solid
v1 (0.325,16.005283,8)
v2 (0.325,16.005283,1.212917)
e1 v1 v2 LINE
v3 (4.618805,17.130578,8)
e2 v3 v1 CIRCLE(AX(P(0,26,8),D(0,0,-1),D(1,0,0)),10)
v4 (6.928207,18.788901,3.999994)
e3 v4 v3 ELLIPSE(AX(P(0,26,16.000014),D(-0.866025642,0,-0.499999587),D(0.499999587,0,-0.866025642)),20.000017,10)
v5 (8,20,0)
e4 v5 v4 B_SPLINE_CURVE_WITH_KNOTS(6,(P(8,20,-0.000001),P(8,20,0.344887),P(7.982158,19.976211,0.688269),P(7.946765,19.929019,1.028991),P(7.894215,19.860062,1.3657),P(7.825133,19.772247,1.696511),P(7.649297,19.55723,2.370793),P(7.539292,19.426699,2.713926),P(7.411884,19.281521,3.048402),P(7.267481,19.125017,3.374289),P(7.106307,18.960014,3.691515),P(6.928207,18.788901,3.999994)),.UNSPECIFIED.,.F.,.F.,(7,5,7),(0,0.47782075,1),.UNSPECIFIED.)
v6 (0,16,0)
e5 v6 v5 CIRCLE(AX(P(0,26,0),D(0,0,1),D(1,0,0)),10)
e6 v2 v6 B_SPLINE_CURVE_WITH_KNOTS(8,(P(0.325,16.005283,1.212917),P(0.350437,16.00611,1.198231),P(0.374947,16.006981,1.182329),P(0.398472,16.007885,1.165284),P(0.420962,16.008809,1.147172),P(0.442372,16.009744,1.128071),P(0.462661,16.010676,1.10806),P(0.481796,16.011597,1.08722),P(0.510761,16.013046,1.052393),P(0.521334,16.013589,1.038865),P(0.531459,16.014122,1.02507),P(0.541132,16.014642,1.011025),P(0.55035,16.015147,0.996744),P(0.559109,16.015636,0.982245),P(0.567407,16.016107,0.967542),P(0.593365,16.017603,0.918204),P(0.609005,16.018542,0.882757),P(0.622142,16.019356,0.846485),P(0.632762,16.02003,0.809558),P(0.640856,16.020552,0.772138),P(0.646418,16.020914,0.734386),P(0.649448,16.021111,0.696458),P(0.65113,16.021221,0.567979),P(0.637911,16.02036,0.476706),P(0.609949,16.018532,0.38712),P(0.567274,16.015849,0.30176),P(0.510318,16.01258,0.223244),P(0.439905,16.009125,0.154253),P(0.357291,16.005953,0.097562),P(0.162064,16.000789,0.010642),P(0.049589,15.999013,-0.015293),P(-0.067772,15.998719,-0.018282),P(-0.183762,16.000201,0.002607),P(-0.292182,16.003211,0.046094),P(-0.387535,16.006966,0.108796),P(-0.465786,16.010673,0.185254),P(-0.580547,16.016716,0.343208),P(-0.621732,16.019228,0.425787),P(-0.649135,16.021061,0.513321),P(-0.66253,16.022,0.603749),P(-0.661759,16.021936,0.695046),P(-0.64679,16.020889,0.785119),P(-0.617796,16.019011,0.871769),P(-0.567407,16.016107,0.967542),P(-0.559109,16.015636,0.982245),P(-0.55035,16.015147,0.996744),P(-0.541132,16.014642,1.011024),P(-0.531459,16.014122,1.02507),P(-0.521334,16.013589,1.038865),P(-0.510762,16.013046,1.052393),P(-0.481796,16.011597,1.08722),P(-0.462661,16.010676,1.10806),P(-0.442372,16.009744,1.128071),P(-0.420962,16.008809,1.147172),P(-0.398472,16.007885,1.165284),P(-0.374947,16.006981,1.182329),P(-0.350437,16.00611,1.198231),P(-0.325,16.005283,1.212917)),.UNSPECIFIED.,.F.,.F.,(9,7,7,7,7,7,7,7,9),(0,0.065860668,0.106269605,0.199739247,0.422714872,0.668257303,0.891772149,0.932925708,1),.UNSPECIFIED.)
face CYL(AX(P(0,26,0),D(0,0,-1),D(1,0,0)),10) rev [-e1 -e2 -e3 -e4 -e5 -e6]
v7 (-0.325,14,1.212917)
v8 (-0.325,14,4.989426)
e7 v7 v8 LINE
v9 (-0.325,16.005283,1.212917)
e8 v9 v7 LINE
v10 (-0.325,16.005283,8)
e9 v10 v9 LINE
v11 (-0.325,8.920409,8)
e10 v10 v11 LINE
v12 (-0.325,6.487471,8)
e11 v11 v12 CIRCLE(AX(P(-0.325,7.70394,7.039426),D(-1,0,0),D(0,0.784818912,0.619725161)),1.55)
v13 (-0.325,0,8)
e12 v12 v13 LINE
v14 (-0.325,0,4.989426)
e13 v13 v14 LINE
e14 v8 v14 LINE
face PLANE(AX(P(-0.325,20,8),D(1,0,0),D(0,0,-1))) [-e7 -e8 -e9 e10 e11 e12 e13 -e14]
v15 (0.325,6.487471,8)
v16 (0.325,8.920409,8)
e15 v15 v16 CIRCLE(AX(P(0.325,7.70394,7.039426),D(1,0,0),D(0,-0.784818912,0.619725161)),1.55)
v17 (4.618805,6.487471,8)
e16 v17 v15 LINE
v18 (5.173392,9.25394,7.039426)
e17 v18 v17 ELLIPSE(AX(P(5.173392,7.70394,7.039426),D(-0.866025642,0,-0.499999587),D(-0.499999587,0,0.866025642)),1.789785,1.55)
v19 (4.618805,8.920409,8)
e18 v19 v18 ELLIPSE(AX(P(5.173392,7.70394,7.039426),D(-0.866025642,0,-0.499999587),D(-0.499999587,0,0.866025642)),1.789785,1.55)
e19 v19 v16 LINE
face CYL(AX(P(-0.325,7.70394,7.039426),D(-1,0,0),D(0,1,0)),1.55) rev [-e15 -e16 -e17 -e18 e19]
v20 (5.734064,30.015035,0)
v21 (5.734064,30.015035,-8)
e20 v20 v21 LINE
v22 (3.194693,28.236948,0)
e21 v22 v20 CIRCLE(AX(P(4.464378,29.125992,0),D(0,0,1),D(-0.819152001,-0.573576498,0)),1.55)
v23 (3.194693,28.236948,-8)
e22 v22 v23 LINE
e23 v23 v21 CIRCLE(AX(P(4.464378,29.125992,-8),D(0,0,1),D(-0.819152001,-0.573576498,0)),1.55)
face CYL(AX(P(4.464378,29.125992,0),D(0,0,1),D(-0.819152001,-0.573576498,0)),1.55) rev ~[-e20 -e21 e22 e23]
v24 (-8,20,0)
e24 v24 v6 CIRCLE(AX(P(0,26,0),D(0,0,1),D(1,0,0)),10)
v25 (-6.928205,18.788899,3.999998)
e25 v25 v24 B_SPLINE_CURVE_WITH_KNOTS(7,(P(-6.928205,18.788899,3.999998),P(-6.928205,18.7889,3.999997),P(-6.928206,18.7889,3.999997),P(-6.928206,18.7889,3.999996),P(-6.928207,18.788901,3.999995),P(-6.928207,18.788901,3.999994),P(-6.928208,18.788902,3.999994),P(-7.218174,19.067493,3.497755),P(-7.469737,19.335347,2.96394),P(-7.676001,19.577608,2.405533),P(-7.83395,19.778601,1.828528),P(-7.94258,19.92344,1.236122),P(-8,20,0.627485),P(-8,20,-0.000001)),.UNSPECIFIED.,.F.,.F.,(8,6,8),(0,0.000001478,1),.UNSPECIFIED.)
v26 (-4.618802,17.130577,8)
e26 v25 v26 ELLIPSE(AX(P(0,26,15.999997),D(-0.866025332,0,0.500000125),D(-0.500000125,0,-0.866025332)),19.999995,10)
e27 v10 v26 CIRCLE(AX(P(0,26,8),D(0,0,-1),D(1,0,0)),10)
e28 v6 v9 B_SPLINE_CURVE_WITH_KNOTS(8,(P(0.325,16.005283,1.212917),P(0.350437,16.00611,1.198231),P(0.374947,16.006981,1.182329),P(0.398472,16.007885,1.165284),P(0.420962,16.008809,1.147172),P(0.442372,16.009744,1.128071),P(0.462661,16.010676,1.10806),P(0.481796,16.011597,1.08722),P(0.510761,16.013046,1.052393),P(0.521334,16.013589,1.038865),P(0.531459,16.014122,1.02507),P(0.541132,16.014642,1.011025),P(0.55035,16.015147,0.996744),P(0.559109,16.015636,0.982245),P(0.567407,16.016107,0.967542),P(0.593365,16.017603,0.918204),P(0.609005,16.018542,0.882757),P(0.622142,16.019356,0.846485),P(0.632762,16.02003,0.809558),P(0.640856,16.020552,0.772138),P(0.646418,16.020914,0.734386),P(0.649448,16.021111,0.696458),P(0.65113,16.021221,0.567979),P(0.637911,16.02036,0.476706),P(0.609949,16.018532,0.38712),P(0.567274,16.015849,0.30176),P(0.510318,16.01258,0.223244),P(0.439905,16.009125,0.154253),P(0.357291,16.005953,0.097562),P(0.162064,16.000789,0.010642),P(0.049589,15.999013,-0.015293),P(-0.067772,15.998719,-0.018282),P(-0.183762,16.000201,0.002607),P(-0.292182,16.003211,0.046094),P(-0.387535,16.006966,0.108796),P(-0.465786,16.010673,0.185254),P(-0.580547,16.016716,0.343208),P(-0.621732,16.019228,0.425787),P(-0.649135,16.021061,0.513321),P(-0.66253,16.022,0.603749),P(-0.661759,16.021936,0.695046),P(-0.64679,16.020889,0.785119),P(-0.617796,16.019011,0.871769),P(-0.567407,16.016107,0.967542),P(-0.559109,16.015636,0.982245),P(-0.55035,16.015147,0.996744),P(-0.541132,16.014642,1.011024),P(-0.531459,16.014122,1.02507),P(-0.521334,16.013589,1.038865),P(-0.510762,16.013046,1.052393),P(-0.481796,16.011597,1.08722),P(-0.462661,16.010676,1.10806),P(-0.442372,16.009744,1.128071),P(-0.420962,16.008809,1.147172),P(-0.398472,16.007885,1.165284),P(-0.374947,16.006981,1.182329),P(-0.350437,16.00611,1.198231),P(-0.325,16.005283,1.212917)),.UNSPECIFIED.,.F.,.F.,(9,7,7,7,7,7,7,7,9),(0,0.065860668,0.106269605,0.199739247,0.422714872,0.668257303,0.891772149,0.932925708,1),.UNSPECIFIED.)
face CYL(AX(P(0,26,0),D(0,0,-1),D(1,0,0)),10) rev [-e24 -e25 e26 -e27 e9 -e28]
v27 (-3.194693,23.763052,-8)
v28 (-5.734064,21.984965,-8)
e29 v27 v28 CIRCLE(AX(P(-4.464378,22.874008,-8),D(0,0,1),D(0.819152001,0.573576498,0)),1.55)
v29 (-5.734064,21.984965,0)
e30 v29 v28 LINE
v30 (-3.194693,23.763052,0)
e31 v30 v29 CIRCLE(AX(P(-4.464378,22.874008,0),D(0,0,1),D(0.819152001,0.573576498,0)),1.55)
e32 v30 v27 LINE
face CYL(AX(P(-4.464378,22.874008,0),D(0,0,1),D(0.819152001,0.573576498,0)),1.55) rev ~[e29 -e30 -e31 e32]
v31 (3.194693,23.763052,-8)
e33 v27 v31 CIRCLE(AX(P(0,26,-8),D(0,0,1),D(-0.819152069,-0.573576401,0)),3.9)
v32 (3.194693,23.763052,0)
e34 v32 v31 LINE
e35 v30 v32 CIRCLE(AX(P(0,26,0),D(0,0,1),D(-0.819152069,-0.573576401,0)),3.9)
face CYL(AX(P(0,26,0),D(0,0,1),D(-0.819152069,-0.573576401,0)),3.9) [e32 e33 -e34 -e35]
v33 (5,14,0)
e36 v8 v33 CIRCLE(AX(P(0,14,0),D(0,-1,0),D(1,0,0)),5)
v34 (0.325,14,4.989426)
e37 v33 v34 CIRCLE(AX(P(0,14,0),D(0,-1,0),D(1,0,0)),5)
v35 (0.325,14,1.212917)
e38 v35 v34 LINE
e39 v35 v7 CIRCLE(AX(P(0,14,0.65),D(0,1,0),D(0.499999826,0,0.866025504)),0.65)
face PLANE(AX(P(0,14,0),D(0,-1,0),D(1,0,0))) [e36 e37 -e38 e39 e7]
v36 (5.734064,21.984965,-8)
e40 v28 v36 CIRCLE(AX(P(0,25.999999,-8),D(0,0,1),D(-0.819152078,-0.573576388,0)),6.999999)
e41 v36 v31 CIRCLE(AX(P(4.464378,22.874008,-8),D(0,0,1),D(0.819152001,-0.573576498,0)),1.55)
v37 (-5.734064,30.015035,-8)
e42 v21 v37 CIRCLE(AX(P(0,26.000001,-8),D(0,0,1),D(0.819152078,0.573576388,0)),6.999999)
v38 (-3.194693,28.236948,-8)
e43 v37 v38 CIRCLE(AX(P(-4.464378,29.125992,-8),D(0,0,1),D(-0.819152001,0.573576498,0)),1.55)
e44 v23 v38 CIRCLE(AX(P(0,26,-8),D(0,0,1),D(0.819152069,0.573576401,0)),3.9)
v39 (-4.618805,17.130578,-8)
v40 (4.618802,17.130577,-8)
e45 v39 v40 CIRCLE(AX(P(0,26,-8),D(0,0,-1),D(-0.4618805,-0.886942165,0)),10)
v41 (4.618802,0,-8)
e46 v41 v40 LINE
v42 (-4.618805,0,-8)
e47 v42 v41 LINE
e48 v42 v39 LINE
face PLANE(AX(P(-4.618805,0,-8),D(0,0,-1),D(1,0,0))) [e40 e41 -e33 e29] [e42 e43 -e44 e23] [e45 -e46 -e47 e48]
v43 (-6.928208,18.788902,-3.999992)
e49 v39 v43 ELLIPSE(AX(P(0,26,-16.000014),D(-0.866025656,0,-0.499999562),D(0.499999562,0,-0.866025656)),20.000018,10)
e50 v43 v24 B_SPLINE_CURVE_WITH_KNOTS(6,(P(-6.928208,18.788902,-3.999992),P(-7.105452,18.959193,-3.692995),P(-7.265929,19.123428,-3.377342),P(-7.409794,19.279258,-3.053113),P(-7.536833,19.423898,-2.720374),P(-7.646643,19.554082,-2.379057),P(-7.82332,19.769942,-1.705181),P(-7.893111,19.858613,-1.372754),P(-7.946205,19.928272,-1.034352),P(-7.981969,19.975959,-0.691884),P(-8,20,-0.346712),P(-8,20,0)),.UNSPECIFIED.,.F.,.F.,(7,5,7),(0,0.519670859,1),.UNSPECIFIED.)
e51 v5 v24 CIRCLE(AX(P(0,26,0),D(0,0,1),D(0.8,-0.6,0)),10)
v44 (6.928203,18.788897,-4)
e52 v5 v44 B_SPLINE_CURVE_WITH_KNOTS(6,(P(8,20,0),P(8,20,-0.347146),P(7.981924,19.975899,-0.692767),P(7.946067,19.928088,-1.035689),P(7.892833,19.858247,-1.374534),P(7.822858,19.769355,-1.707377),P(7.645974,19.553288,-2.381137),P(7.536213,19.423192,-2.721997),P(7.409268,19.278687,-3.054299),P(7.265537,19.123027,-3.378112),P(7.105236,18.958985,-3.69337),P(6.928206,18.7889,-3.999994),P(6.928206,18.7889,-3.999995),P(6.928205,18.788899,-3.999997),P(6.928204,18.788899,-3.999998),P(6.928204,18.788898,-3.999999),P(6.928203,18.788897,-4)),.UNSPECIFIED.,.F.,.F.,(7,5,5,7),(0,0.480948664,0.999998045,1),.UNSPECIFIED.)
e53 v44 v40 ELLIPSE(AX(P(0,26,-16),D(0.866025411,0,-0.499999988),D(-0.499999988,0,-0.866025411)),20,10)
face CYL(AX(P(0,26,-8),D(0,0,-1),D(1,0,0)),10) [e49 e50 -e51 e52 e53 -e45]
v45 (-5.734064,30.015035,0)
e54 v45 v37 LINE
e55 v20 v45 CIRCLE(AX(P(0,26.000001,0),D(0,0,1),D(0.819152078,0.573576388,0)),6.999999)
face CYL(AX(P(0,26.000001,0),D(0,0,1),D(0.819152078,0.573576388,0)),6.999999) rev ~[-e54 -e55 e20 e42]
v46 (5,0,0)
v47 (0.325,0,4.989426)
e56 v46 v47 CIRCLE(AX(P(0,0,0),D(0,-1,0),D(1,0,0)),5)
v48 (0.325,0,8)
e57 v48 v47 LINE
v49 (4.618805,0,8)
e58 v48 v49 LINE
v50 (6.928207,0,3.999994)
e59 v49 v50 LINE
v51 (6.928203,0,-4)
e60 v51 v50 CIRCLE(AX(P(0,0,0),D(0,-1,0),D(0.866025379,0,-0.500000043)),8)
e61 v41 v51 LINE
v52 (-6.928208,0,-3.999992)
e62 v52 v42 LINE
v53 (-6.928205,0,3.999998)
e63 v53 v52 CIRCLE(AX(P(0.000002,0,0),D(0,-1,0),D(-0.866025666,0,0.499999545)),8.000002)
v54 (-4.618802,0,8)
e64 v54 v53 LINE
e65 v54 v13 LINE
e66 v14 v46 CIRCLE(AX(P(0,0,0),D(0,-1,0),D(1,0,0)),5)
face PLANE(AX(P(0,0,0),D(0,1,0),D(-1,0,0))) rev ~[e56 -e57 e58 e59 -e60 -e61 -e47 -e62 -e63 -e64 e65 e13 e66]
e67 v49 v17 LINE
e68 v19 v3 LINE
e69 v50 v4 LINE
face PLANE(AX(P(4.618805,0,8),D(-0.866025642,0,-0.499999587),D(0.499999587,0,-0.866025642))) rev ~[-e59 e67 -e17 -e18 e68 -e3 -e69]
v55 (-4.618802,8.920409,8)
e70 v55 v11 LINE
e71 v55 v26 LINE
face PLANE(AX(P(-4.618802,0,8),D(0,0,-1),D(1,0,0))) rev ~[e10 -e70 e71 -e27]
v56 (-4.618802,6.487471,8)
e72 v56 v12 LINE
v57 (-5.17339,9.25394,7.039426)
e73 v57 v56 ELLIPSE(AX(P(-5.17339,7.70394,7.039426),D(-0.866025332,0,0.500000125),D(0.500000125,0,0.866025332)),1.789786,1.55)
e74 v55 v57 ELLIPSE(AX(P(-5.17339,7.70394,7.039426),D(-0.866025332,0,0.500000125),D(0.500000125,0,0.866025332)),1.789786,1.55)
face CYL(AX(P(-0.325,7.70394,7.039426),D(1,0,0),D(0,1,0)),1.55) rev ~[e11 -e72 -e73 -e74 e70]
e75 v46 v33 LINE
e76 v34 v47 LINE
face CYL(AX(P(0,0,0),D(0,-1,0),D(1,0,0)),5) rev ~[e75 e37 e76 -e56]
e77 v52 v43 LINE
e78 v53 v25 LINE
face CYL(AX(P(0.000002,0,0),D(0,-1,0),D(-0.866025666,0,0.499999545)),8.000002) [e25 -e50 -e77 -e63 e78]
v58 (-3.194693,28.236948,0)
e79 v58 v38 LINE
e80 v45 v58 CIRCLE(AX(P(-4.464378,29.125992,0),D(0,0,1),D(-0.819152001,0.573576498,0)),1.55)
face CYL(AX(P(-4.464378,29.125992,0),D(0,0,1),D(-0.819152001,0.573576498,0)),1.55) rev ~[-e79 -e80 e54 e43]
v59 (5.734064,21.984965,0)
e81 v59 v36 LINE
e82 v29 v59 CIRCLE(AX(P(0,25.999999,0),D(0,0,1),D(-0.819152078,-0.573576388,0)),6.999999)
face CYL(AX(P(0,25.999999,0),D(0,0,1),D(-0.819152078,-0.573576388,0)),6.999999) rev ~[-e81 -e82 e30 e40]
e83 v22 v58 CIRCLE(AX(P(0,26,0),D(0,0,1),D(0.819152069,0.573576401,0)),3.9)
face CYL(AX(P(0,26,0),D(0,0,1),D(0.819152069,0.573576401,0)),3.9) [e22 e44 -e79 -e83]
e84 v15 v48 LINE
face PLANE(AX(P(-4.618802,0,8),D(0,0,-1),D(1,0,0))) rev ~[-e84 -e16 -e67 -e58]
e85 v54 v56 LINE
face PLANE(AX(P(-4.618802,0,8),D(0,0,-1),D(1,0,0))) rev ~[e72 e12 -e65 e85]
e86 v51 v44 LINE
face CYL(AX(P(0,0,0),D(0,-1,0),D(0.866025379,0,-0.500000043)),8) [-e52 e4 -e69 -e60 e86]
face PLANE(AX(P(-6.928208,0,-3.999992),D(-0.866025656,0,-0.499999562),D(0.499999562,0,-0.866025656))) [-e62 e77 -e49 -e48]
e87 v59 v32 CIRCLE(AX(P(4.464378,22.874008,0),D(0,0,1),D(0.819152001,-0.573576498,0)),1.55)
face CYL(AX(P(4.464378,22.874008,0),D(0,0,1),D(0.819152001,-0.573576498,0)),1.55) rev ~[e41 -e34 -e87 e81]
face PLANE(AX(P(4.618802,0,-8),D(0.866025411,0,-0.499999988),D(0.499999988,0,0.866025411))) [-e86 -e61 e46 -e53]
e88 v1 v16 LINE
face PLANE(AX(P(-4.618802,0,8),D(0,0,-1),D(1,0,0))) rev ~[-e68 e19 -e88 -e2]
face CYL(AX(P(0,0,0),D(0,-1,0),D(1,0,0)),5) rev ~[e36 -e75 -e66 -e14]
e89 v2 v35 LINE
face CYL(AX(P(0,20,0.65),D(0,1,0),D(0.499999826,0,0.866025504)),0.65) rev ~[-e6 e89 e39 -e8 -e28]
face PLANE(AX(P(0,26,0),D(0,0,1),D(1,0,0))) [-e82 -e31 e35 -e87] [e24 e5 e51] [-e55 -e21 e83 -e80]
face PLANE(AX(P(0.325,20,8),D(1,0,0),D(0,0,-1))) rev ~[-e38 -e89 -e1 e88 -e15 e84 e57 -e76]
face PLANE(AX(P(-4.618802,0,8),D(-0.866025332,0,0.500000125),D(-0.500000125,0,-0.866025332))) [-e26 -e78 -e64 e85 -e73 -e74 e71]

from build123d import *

# Parameters (mm, degrees)
EXTRUDE_DEPTH                  = 20
EXTRUDE_ONTO_SKETCH_ROLL_ANGLE = 90
SKETCH001_R                    = 5
POCKET_DEPTH                   = 14
POCKET001_DEPTH                = 20.001
SKETCH003_R                    = 10
EXTRUDE001_DEPTH               = 8
SKETCH004_R                    = 10
POCKET002_DEPTH                = 8.001
POCKET003_DEPTH                = 8.001
SKETCH006_R                    = 1.55
POCKET004_DEPTH                = 9.676
POCKET004_DEPTH_BACK           = -10.326


with BuildPart() as pocket001:
    # Sketch as drawn → Extrude (new)
    with BuildSketch(Plane.XY):
        with BuildLine():
            Line((-4.618802, 8), (4.618805, 8))
            Line((4.618805, 8), (6.928207, 3.999994))
            ThreePointArc((6.928203, -4), (8, -3e-06), (6.928207, 3.999994))
            Line((4.618802, -8), (6.928203, -4))
            Line((-4.618805, -8), (4.618802, -8))
            Line((-6.928208, -3.999992), (-4.618805, -8))
            ThreePointArc((-6.928205, 3.999998), (-8, 3e-06), (-6.928208, -3.999992))
            Line((-4.618802, 8), (-6.928205, 3.999998))
        make_face()
    extrude(amount=-EXTRUDE_DEPTH)


with BuildPart() as pocket001_1:
    # Extrude onto Sketch roll: moved
    add(pocket001.part.rotate(Axis((0, 0, 0), (1, 0, 0)), EXTRUDE_ONTO_SKETCH_ROLL_ANGLE))


with BuildPart() as pocket001_2:
    # Extrude onto Sketch placement: moved
    add(pocket001_1.part)

    # Sketch001 → Pocket (cut)
    with BuildSketch(Plane.XZ):
        Circle(SKETCH001_R)
    extrude(amount=-POCKET_DEPTH, mode=Mode.SUBTRACT)

    # Sketch002 → Pocket001 (cut, through all)
    with BuildSketch(Plane(origin=(0, 20, 0), x_dir=(-1, 0, 0), z_dir=(0, 1, 0))):
        with BuildLine():
            ThreePointArc((-0.325, 1.212917), (0, 0), (0.325, 1.212917))
            Line((0.325, 8), (0.325, 1.212917))
            Line((-0.325, 8), (0.325, 8))
            Line((-0.325, 8), (-0.325, 1.212917))
        make_face()
    extrude(amount=-POCKET001_DEPTH, mode=Mode.SUBTRACT)


with BuildPart() as pocket004:
    # Sketch003 → Extrude001 (new body)
    with BuildSketch(Plane(origin=(0, 0, -8), x_dir=(1, 0, 0), z_dir=(0, 0, -1))):
        with Locations((0, -26)):
            Circle(SKETCH003_R)
    extrude(amount=-EXTRUDE001_DEPTH)

    # Fusion: union Pocket001
    add(pocket001_2.part)

    # Sketch004 → Pocket002 (cut, through all)
    with BuildSketch(Plane.XY):
        with Locations((0, 26)):
            Circle(SKETCH004_R)
    extrude(amount=POCKET002_DEPTH, mode=Mode.SUBTRACT)

    # Sketch005 → Pocket003 (cut, through all)
    with BuildSketch(Plane.XY):
        with BuildLine():
            ThreePointArc((3.194693, 28.236948), (0, 29.9), (-3.194693, 28.236948))
            ThreePointArc((-5.734064, 30.015035), (-5.353422, 27.856306), (-3.194693, 28.236948))
            ThreePointArc((5.734064, 30.015035), (0, 33), (-5.734064, 30.015035))
            ThreePointArc((3.194693, 28.236948), (5.353422, 27.856306), (5.734064, 30.015035))
        make_face()
        with BuildLine():
            ThreePointArc((-3.194693, 23.763052), (0, 22.1), (3.194693, 23.763052))
            ThreePointArc((5.734064, 21.984965), (5.353422, 24.143694), (3.194693, 23.763052))
            ThreePointArc((-5.734064, 21.984965), (0, 19), (5.734064, 21.984965))
            ThreePointArc((-3.194693, 23.763052), (-5.353422, 24.143694), (-5.734064, 21.984965))
        make_face()
    extrude(amount=-POCKET003_DEPTH, mode=Mode.SUBTRACT)

    # Sketch006 → Pocket004 (cut, two sides)
    with BuildSketch(Plane.YZ.offset(-0.325)) as pocket004_sk:
        with Locations((7.70394, 7.039426)):
            Circle(SKETCH006_R)
    extrude(amount=-POCKET004_DEPTH, mode=Mode.SUBTRACT)
    extrude(pocket004_sk.sketch, amount=-POCKET004_DEPTH_BACK, mode=Mode.SUBTRACT)


solid = pocket004.part
